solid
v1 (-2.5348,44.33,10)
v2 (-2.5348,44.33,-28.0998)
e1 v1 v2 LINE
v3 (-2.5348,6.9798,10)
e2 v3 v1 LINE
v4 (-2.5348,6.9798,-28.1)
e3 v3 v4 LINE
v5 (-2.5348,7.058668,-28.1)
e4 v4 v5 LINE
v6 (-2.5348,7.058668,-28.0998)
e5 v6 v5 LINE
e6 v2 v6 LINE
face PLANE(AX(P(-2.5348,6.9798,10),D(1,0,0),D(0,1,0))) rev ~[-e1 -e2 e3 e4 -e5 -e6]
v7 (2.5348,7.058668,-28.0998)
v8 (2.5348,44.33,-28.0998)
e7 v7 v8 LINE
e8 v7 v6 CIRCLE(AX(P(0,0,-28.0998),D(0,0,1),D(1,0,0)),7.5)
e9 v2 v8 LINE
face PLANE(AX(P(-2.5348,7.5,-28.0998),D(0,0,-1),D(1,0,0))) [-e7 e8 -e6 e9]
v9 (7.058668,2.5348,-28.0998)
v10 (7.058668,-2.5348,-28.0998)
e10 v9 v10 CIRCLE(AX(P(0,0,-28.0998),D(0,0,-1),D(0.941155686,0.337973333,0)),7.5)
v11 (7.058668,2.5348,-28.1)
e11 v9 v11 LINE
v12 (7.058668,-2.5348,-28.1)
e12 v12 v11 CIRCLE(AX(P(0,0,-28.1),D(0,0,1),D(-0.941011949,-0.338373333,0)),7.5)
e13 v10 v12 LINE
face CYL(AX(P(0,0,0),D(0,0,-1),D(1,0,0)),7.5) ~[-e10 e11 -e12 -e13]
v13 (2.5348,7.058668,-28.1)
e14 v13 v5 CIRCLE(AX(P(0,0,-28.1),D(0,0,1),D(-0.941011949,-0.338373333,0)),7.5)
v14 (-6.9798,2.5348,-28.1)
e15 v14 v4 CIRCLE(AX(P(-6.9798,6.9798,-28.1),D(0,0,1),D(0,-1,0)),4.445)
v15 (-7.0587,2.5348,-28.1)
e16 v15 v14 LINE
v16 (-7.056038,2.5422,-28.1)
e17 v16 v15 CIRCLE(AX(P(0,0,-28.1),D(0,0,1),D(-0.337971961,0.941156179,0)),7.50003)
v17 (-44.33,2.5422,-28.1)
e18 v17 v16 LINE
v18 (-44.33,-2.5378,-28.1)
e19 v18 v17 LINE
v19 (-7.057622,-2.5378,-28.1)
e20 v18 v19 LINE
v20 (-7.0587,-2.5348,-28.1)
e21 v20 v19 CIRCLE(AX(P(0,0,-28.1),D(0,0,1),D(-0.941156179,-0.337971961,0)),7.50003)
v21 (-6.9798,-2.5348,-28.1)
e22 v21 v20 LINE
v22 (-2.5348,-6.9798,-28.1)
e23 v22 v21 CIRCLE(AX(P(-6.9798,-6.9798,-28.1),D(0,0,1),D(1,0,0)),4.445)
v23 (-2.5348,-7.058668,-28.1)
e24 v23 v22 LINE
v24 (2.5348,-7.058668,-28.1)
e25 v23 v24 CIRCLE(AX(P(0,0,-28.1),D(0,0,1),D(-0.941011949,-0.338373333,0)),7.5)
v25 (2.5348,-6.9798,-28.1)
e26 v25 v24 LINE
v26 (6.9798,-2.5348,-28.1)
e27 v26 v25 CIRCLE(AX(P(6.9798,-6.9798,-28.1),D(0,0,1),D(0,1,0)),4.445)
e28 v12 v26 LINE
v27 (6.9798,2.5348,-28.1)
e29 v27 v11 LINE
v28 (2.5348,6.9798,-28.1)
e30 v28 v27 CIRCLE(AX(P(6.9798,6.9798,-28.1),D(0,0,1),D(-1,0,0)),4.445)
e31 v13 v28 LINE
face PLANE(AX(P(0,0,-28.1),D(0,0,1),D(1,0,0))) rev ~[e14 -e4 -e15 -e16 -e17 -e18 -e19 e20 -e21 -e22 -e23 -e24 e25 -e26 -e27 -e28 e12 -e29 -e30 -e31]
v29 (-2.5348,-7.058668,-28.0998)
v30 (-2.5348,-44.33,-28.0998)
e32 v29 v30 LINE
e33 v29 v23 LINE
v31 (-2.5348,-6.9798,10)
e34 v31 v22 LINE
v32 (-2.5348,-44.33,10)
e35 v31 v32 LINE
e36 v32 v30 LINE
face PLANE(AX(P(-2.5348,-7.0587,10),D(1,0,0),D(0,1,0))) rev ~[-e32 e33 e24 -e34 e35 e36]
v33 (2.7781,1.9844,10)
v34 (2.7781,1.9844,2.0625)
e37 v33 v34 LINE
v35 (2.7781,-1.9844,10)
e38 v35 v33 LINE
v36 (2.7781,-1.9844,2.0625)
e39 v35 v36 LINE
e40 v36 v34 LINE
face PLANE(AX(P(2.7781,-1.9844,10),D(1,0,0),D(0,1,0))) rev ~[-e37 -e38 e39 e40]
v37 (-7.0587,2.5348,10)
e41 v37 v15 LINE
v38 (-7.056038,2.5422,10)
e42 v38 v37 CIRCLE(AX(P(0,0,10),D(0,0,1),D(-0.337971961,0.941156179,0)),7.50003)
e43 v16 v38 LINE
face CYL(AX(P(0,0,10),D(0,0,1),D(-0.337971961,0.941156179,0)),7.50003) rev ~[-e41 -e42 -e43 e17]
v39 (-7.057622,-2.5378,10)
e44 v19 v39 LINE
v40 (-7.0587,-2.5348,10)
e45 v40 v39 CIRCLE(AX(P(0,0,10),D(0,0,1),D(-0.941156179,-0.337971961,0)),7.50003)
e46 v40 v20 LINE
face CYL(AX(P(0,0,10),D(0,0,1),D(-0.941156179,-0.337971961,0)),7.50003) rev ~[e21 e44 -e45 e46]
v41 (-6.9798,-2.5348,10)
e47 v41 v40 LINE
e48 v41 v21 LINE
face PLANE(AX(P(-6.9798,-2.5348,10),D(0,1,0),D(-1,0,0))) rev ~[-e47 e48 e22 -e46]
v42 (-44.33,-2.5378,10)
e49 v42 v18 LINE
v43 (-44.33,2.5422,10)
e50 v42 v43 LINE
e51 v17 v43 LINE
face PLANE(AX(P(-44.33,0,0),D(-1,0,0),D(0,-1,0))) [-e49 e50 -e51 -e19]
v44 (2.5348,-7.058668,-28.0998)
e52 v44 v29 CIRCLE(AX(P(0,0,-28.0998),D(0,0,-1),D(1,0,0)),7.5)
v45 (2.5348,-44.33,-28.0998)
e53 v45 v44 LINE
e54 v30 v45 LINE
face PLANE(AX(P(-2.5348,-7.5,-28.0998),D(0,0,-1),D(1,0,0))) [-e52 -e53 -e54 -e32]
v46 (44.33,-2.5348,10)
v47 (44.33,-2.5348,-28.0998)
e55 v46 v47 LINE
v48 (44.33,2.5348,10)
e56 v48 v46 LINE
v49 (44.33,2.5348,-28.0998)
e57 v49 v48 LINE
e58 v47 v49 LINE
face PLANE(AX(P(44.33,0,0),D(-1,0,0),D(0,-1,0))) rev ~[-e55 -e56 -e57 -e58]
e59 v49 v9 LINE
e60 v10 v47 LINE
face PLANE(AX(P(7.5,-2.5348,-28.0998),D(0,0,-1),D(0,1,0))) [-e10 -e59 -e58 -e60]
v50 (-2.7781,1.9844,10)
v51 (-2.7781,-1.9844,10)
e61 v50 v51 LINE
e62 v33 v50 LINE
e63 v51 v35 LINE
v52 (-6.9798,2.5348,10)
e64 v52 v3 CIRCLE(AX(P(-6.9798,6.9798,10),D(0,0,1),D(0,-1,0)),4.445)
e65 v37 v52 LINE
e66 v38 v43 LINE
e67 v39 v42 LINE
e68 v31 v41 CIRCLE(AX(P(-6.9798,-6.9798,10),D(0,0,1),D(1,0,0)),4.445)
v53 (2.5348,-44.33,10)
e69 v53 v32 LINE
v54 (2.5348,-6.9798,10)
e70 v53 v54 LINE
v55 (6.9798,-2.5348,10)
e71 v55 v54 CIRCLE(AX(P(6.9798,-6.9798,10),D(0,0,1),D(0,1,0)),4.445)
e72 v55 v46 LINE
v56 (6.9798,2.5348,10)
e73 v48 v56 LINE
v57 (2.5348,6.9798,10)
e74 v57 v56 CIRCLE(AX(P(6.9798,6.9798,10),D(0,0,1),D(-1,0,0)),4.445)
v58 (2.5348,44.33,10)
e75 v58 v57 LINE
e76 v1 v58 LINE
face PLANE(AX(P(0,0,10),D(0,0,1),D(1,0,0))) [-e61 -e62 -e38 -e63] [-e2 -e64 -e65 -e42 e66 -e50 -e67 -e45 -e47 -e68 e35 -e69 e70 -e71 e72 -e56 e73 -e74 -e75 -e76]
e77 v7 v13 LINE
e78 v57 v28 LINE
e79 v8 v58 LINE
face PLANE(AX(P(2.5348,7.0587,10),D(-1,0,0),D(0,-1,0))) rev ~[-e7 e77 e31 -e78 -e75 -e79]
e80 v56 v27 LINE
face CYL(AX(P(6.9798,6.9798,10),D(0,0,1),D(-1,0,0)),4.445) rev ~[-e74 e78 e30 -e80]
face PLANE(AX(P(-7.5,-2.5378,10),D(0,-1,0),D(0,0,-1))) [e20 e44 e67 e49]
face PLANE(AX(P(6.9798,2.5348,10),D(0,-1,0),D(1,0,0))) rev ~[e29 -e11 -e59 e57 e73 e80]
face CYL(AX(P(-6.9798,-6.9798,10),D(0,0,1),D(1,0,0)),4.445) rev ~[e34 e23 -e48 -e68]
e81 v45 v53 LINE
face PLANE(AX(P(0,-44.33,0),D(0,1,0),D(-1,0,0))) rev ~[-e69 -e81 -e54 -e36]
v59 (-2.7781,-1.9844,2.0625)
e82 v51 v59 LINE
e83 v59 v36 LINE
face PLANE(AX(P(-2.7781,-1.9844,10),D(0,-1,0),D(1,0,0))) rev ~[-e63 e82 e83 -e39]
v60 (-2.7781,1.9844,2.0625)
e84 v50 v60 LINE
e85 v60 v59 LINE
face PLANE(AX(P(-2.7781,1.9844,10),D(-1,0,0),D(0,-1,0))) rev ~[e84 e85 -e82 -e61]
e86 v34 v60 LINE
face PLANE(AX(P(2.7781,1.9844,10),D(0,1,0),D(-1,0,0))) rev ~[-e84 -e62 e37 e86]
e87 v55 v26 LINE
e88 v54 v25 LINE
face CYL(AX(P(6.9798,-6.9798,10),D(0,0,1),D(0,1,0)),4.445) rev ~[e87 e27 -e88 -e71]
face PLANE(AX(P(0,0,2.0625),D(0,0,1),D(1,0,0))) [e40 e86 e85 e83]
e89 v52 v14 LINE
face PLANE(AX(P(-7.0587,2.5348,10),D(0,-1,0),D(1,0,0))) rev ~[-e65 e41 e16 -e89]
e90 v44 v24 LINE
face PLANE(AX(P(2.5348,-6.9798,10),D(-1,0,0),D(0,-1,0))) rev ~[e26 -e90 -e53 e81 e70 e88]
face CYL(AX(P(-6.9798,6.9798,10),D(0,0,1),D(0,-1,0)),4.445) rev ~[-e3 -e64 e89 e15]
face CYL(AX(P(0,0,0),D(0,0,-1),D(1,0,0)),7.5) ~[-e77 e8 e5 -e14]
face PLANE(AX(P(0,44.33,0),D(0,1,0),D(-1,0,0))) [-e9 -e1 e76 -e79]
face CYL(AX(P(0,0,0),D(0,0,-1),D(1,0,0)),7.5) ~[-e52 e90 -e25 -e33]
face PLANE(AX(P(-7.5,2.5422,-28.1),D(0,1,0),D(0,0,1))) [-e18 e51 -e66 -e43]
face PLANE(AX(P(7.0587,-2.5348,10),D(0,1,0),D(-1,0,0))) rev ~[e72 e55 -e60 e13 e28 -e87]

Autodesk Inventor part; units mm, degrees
sketch "Sketch1" plane through (0, 0, 0) normal (0, 0, 1) x (1, 0, 0)
  circle A0 centre (0, 0) radius 7.5
  dimension "d0" = 15
extrude "Extrusion1" add sketch "Sketch1" along normal blind 10 and the other way blind 28.1
sketch "Sketch2" plane through (0, 0, 10) normal (0, 0, 1) x (1, 0, 0)
  line L0 (-2.7781, -1.9844) -> (2.7781, -1.9844)
  line L1 (2.7781, -1.9844) -> (2.7781, 1.9844)
  line L2 (2.7781, 1.9844) -> (-2.7781, 1.9844)
  line L3 (-2.7781, 1.9844) -> (-2.7781, -1.9844)
  line L4 (-2.7781, -1.9844) -> (2.7781, 1.9844) construction
  line L5 (2.7781, -1.9844) -> (-2.7781, 1.9844) construction
  point P0 (0, 0)
  dimension "d3" = 5.5563
  dimension "d4" = 3.9688
extrude "Extrusion2" cut sketch "Sketch2" against normal blind 7.9375
ref_plane "Work Plane1" through (0, 0, 0) normal (0, 1, 0) x (0, 0, 1)
ref_plane "Work Plane2" through (0, 0, 0) normal (-1, 0, 0) x (0, 0, 1)
sketch "Sketch3" plane through (0, 0, 0) normal (0, 1, 0) x (0, 0, 1)
  point P0 (0, 0)
ref_plane "Work Plane3" through (0, 7.5, 0) normal (0, 1, 0) x (-1, 0, 0)
ref_plane "Work Plane4" through (0, -7.5, 0) normal (0, 1, 0) x (-1, 0, 0)
ref_plane "Work Plane5" through (-7.5, 0, 0) normal (-1, 0, 0) x (0, -1, 0)
ref_plane "Work Plane6" through (7.5, 0, 0) normal (-1, 0, 0) x (0, -1, 0)
sketch "Sketch4" plane through (0, 7.5, 0) normal (0, 1, 0) x (-1, 0, 0)
  point P0 (0, 0)
sketch "Sketch5" plane through (0, 7.5, 0) normal (0, 1, 0) x (-1, 0, 0)
  line L0 (7.5, 10) -> (-7.5, 10) projected
  line L1 (-2.5348, 10) -> (2.5348, 10)
  line L2 (2.5348, 10) -> (2.5348, -28.0998)
  line L3 (2.5348, -28.0998) -> (-2.5348, -28.0998)
  line L4 (-2.5348, -28.0998) -> (-2.5348, 10)
  point P0 (0, 0)
sketch "Sketch6" plane through (7.5, 0, 0) normal (-1, 0, 0) x (0, -1, 0)
  line L0 (-2.5348, 10) -> (2.5348, 10)
  line L1 (2.5348, 10) -> (2.5348, -28.0998)
  line L2 (2.5348, -28.0998) -> (-2.5348, -28.0998)
  line L3 (-2.5348, -28.0998) -> (-2.5348, 10)
  point P0 (0, 0)
sketch "Sketch7" plane through (0, -7.5, 0) normal (0, 1, 0) x (-1, 0, 0)
  point P0 (0, 0)
sketch "Sketch8" plane through (0, -7.5, 0) normal (0, 1, 0) x (-1, 0, 0)
  line L0 (-2.5348, 10) -> (2.5348, 10)
  line L1 (2.5348, 10) -> (2.5348, -28.0998)
  line L2 (2.5348, -28.0998) -> (-2.5348, -28.0998)
  line L3 (-2.5348, -28.0998) -> (-2.5348, 10)
  point P0 (0, 0)
sketch "Sketch9" plane through (0, -7.5, 0) normal (0, 1, 0) x (-1, 0, 0)
  point P0 (0, 0)
sketch "Sketch10" plane through (-7.5, 0, 0) normal (-1, 0, 0) x (0, -1, 0)
  line L0 (7.5, 10) -> (-7.5, 10) projected
  line L1 (-2.5422, 10) -> (2.5378, 10)
  line L2 (2.5378, 10) -> (2.5378, -28.1)
  line L3 (2.5378, -28.1) -> (-2.5422, -28.1)
  line L4 (-2.5422, -28.1) -> (-2.5422, 10)
  point P0 (0, 0)
  dimension "d9" = 5.08
  dimension "d10" = 38.1
extrude "Extrusion3" add sketch "Sketch5" along normal blind 36.83 and the other way blind 1.27
extrude "Extrusion4" add sketch "Sketch6" along normal blind 1.27 and the other way blind 36.83
extrude "Extrusion5" add sketch "Sketch10" along normal blind 36.83 and the other way blind 1.27
extrude "Extrusion6" add sketch "Sketch8" along normal blind 1.27 and the other way blind 36.83
sketch "Sketch11" plane through (0, 0, 10) normal (0, 0, 1) x (1, 0, 0)
  line L0 (2.5348, 7.0587) -> (2.5348, 6.9798)
  line L1 (44.33, 2.5348) -> (7.0587, 2.5348) projected
  line L2 (6.9798, 2.5348) -> (7.0587, 2.5348)
  arc A0 (2.5348, 6.9798) -> (6.9798, 2.5348) centre (6.9798, 6.9798) ccw
  arc A1 (7.0587, 2.5348) -> (2.5348, 7.0587) centre (0, 0) ccw projected
  arc A2 (7.0587, 2.5348) -> (2.5348, 7.0587) centre (0, 0) ccw
  arc A3 (-2.5348, 7.0587) -> (-7.0587, 2.5348) centre (0, 0) ccw
  arc A4 (-6.9798, 2.5348) -> (-2.5348, 6.9798) centre (-6.9798, 6.9798) ccw
  line L3 (-7.0587, 2.5348) -> (-6.9798, 2.5348)
  line L4 (-2.5348, 6.9798) -> (-2.5348, 7.0587)
  arc A5 (-7.0587, -2.5348) -> (-2.5348, -7.0587) centre (0, 0) ccw
  arc A6 (-2.5348, -6.9798) -> (-6.9798, -2.5348) centre (-6.9798, -6.9798) ccw
  line L5 (-2.5348, -7.0587) -> (-2.5348, -6.9798)
  line L6 (-6.9798, -2.5348) -> (-7.0587, -2.5348)
  arc A7 (2.5348, -7.0587) -> (7.0587, -2.5348) centre (0, 0) ccw
  arc A8 (6.9798, -2.5348) -> (2.5348, -6.9798) centre (6.9798, -6.9798) ccw
  line L7 (7.0587, -2.5348) -> (6.9798, -2.5348)
  line L8 (2.5348, -6.9798) -> (2.5348, -7.0587)
  dimension "d29" = 4.445
  dimension "d32" = 360
extrude "Extrusion7" cut sketch "Sketch11" against normal blind 38.1
properties part number "windmillv2"
